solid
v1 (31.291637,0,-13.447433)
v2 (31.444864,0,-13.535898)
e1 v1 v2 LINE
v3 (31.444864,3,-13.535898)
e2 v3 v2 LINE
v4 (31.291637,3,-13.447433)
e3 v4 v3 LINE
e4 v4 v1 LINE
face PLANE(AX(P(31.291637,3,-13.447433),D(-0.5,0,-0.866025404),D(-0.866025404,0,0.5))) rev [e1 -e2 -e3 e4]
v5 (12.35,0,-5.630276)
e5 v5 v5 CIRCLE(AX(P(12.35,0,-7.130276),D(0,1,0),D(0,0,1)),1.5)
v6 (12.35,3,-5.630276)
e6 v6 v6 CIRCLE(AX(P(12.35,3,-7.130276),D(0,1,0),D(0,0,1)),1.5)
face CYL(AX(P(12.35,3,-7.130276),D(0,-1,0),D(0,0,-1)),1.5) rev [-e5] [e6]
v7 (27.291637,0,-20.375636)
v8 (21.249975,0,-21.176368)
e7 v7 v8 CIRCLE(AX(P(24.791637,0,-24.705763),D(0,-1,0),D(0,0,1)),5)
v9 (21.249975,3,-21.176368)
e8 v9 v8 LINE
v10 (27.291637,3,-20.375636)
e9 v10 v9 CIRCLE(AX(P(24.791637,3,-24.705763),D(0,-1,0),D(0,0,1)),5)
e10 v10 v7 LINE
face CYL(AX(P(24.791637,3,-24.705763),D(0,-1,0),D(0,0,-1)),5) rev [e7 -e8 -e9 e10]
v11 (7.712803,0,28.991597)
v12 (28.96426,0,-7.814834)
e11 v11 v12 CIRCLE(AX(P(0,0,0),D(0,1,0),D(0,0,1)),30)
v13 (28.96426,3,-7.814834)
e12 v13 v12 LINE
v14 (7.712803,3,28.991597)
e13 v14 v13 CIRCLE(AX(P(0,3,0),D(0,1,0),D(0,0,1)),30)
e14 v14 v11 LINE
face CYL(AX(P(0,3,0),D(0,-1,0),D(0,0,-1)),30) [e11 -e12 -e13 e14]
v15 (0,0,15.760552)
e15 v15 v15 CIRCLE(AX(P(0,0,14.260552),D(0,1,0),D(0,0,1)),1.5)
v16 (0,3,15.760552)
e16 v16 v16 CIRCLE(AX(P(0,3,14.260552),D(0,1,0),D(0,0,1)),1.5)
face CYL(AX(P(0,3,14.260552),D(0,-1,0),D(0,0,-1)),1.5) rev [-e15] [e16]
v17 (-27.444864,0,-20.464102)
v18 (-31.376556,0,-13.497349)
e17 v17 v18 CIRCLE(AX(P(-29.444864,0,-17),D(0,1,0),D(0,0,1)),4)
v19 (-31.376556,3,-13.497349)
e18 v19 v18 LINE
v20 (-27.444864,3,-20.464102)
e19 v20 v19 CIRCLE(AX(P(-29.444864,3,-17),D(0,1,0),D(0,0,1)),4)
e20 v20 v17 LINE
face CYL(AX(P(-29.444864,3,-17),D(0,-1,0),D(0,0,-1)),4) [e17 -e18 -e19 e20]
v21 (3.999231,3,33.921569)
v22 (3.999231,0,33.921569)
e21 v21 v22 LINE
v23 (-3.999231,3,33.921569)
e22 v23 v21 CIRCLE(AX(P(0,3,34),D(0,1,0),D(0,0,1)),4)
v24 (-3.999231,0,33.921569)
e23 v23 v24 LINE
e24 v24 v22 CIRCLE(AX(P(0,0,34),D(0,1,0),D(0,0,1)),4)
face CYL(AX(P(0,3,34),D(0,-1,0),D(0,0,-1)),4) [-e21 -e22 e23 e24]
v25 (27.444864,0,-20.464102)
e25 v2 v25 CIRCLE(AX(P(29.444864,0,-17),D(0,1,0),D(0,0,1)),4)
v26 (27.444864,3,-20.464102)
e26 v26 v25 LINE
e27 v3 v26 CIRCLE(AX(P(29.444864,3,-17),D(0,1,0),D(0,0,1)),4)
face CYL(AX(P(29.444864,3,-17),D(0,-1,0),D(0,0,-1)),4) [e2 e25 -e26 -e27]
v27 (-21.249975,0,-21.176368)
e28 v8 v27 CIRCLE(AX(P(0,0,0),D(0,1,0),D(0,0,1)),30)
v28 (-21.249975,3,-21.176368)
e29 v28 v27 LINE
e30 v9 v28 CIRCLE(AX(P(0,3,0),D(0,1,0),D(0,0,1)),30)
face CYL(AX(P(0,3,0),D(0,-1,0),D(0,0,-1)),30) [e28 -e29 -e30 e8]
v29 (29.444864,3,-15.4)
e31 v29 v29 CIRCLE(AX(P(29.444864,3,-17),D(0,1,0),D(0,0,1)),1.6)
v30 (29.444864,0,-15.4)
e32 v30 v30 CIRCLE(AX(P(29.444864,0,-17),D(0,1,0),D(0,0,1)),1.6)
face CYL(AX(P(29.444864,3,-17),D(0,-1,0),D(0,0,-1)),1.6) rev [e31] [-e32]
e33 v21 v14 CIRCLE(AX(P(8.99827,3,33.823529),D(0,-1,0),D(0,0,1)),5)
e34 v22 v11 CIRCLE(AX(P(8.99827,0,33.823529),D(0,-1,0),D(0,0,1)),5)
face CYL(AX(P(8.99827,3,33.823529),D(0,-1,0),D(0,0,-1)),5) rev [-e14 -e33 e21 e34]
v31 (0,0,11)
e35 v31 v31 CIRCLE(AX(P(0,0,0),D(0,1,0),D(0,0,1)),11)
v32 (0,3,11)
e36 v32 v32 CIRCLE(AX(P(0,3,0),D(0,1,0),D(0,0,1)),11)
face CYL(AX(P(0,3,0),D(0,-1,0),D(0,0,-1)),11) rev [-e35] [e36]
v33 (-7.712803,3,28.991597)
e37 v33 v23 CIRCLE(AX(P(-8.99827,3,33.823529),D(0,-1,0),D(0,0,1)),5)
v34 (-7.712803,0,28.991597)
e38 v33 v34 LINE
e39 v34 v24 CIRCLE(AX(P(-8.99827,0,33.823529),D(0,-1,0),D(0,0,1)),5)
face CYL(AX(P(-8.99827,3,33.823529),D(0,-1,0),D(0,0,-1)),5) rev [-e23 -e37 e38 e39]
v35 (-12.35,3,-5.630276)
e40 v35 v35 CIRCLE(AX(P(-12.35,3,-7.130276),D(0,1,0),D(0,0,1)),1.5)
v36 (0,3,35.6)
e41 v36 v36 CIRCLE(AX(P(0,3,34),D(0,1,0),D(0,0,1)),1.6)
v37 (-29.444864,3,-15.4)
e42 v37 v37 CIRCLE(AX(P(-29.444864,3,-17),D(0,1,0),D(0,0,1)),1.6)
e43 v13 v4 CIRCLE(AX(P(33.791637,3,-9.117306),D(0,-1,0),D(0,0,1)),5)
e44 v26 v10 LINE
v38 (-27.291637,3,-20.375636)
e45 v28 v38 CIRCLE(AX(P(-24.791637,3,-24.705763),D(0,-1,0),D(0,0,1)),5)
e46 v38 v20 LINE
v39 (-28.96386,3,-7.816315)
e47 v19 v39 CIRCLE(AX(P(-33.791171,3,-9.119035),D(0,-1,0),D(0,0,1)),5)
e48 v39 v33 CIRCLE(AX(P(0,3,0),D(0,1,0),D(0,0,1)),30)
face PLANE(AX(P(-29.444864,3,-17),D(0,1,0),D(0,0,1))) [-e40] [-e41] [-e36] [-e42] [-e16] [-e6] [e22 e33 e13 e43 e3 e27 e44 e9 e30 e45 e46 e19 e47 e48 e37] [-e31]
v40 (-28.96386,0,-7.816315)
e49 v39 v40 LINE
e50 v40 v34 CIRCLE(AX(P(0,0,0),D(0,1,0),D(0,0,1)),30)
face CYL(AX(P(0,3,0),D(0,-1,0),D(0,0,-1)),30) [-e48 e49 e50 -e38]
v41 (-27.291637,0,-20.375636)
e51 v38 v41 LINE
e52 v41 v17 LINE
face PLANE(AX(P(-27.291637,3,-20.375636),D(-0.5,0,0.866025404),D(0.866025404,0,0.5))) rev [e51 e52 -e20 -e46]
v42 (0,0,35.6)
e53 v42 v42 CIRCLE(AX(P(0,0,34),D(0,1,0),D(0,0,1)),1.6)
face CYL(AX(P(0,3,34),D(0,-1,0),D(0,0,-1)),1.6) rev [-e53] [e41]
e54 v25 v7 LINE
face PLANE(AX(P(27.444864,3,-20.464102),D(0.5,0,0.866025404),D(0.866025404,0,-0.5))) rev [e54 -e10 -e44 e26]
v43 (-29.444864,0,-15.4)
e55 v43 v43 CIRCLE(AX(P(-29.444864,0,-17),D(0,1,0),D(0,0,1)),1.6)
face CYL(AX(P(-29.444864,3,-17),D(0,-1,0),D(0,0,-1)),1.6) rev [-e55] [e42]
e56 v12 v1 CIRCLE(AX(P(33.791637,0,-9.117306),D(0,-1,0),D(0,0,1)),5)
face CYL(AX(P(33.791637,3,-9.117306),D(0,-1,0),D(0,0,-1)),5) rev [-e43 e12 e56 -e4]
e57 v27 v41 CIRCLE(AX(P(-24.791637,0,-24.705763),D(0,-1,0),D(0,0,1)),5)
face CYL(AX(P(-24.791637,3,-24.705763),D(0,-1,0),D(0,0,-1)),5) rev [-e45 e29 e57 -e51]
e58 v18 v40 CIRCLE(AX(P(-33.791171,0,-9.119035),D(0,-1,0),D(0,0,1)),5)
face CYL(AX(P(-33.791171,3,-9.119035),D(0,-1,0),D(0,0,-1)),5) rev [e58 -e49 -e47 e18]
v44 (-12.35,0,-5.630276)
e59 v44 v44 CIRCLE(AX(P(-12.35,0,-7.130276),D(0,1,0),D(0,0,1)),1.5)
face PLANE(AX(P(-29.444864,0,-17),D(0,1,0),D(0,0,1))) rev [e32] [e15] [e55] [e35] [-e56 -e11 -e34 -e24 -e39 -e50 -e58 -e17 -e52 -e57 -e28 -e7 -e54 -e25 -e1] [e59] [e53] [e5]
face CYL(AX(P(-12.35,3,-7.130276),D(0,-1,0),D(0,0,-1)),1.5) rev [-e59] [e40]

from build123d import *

# Parameters (mm, degrees)
SKETCH1_R           = 1.6
SKETCH1_R_2         = 11
SKETCH1_R_3         = 1.5
BOSS_EXTRUDE1_DEPTH = 3


with BuildPart() as part:
    # Sketch1 → Boss-Extrude1 (new body)
    with BuildSketch(Plane(origin=(0, 0, 0), x_dir=(1, 0, 0), z_dir=(0, 1, 0))):
        with BuildLine():
            Line((31.291637032, 13.44743291), (31.444863729, 13.535898385))
            ThreePointArc((31.444863729, 13.535898385), (32.908965344, 19), (27.444863729, 20.464101615))
            Line((27.444863729, 20.464101615), (27.291637032, 20.37563614))
            ThreePointArc((27.291637032, 20.37563614), (24.134706135, 19.749106847), (21.249974599, 21.176368422))
            ThreePointArc((21.249974599, 21.176368422), (0, 30), (-21.249974599, 21.176368422))
            ThreePointArc((-21.249974599, 21.176368422), (-24.134706135, 19.749106847), (-27.291637032, 20.37563614))
            Line((-27.291637032, 20.37563614), (-27.444863729, 20.464101615))
            ThreePointArc((-27.444863729, 20.464101615), (-32.92840763, 18.965940459), (-31.376555663, 13.49734868))
            ThreePointArc((-31.376555663, 13.49734868), (-29.189007561, 11.073540998), (-28.963860498, 7.816315311))
            ThreePointArc((-28.963860498, 7.816315311), (-25.980762114, -15), (-7.712802626, -28.991596639))
            ThreePointArc((-7.712802626, -28.991596639), (-5.004535966, -30.815192558), (-3.999230991, -33.921568627))
            ThreePointArc((-3.999230991, -33.921568627), (0, -38), (3.999230991, -33.921568627))
            ThreePointArc((3.999230991, -33.921568627), (5.004535966, -30.815192558), (7.712802626, -28.991596639))
            ThreePointArc((7.712802626, -28.991596639), (25.980378434, -15.000664533), (28.964260313, 7.814833621))
            ThreePointArc((28.964260313, 7.814833621), (29.170581299, 11.026715202), (31.291637032, 13.44743291))
        make_face()
        with Locations(Location((-29.444863729, 17, 0), (0, 0, 270))):
            Circle(SKETCH1_R, mode=Mode.SUBTRACT)
        with Locations(Location((29.444863729, 17, 0), (0, 0, 270))):
            Circle(SKETCH1_R, mode=Mode.SUBTRACT)
        with Locations(Location((0, -34, 0), (0, 0, 270))):
            Circle(SKETCH1_R, mode=Mode.SUBTRACT)
        with Locations(Location((0, 0, 0), (0, 0, 270))):
            Circle(SKETCH1_R_2, mode=Mode.SUBTRACT)
        with Locations(Location((-12.35, 7.130275824, 0), (0, 0, 270))):
            Circle(SKETCH1_R_3, mode=Mode.SUBTRACT)
        with Locations(Location((12.35, 7.130275824, 0), (0, 0, 270))):
            Circle(SKETCH1_R_3, mode=Mode.SUBTRACT)
        with Locations(Location((0, -14.260551649, 0), (0, 0, 270))):
            Circle(SKETCH1_R_3, mode=Mode.SUBTRACT)
    extrude(amount=BOSS_EXTRUDE1_DEPTH)


solid = part.part
